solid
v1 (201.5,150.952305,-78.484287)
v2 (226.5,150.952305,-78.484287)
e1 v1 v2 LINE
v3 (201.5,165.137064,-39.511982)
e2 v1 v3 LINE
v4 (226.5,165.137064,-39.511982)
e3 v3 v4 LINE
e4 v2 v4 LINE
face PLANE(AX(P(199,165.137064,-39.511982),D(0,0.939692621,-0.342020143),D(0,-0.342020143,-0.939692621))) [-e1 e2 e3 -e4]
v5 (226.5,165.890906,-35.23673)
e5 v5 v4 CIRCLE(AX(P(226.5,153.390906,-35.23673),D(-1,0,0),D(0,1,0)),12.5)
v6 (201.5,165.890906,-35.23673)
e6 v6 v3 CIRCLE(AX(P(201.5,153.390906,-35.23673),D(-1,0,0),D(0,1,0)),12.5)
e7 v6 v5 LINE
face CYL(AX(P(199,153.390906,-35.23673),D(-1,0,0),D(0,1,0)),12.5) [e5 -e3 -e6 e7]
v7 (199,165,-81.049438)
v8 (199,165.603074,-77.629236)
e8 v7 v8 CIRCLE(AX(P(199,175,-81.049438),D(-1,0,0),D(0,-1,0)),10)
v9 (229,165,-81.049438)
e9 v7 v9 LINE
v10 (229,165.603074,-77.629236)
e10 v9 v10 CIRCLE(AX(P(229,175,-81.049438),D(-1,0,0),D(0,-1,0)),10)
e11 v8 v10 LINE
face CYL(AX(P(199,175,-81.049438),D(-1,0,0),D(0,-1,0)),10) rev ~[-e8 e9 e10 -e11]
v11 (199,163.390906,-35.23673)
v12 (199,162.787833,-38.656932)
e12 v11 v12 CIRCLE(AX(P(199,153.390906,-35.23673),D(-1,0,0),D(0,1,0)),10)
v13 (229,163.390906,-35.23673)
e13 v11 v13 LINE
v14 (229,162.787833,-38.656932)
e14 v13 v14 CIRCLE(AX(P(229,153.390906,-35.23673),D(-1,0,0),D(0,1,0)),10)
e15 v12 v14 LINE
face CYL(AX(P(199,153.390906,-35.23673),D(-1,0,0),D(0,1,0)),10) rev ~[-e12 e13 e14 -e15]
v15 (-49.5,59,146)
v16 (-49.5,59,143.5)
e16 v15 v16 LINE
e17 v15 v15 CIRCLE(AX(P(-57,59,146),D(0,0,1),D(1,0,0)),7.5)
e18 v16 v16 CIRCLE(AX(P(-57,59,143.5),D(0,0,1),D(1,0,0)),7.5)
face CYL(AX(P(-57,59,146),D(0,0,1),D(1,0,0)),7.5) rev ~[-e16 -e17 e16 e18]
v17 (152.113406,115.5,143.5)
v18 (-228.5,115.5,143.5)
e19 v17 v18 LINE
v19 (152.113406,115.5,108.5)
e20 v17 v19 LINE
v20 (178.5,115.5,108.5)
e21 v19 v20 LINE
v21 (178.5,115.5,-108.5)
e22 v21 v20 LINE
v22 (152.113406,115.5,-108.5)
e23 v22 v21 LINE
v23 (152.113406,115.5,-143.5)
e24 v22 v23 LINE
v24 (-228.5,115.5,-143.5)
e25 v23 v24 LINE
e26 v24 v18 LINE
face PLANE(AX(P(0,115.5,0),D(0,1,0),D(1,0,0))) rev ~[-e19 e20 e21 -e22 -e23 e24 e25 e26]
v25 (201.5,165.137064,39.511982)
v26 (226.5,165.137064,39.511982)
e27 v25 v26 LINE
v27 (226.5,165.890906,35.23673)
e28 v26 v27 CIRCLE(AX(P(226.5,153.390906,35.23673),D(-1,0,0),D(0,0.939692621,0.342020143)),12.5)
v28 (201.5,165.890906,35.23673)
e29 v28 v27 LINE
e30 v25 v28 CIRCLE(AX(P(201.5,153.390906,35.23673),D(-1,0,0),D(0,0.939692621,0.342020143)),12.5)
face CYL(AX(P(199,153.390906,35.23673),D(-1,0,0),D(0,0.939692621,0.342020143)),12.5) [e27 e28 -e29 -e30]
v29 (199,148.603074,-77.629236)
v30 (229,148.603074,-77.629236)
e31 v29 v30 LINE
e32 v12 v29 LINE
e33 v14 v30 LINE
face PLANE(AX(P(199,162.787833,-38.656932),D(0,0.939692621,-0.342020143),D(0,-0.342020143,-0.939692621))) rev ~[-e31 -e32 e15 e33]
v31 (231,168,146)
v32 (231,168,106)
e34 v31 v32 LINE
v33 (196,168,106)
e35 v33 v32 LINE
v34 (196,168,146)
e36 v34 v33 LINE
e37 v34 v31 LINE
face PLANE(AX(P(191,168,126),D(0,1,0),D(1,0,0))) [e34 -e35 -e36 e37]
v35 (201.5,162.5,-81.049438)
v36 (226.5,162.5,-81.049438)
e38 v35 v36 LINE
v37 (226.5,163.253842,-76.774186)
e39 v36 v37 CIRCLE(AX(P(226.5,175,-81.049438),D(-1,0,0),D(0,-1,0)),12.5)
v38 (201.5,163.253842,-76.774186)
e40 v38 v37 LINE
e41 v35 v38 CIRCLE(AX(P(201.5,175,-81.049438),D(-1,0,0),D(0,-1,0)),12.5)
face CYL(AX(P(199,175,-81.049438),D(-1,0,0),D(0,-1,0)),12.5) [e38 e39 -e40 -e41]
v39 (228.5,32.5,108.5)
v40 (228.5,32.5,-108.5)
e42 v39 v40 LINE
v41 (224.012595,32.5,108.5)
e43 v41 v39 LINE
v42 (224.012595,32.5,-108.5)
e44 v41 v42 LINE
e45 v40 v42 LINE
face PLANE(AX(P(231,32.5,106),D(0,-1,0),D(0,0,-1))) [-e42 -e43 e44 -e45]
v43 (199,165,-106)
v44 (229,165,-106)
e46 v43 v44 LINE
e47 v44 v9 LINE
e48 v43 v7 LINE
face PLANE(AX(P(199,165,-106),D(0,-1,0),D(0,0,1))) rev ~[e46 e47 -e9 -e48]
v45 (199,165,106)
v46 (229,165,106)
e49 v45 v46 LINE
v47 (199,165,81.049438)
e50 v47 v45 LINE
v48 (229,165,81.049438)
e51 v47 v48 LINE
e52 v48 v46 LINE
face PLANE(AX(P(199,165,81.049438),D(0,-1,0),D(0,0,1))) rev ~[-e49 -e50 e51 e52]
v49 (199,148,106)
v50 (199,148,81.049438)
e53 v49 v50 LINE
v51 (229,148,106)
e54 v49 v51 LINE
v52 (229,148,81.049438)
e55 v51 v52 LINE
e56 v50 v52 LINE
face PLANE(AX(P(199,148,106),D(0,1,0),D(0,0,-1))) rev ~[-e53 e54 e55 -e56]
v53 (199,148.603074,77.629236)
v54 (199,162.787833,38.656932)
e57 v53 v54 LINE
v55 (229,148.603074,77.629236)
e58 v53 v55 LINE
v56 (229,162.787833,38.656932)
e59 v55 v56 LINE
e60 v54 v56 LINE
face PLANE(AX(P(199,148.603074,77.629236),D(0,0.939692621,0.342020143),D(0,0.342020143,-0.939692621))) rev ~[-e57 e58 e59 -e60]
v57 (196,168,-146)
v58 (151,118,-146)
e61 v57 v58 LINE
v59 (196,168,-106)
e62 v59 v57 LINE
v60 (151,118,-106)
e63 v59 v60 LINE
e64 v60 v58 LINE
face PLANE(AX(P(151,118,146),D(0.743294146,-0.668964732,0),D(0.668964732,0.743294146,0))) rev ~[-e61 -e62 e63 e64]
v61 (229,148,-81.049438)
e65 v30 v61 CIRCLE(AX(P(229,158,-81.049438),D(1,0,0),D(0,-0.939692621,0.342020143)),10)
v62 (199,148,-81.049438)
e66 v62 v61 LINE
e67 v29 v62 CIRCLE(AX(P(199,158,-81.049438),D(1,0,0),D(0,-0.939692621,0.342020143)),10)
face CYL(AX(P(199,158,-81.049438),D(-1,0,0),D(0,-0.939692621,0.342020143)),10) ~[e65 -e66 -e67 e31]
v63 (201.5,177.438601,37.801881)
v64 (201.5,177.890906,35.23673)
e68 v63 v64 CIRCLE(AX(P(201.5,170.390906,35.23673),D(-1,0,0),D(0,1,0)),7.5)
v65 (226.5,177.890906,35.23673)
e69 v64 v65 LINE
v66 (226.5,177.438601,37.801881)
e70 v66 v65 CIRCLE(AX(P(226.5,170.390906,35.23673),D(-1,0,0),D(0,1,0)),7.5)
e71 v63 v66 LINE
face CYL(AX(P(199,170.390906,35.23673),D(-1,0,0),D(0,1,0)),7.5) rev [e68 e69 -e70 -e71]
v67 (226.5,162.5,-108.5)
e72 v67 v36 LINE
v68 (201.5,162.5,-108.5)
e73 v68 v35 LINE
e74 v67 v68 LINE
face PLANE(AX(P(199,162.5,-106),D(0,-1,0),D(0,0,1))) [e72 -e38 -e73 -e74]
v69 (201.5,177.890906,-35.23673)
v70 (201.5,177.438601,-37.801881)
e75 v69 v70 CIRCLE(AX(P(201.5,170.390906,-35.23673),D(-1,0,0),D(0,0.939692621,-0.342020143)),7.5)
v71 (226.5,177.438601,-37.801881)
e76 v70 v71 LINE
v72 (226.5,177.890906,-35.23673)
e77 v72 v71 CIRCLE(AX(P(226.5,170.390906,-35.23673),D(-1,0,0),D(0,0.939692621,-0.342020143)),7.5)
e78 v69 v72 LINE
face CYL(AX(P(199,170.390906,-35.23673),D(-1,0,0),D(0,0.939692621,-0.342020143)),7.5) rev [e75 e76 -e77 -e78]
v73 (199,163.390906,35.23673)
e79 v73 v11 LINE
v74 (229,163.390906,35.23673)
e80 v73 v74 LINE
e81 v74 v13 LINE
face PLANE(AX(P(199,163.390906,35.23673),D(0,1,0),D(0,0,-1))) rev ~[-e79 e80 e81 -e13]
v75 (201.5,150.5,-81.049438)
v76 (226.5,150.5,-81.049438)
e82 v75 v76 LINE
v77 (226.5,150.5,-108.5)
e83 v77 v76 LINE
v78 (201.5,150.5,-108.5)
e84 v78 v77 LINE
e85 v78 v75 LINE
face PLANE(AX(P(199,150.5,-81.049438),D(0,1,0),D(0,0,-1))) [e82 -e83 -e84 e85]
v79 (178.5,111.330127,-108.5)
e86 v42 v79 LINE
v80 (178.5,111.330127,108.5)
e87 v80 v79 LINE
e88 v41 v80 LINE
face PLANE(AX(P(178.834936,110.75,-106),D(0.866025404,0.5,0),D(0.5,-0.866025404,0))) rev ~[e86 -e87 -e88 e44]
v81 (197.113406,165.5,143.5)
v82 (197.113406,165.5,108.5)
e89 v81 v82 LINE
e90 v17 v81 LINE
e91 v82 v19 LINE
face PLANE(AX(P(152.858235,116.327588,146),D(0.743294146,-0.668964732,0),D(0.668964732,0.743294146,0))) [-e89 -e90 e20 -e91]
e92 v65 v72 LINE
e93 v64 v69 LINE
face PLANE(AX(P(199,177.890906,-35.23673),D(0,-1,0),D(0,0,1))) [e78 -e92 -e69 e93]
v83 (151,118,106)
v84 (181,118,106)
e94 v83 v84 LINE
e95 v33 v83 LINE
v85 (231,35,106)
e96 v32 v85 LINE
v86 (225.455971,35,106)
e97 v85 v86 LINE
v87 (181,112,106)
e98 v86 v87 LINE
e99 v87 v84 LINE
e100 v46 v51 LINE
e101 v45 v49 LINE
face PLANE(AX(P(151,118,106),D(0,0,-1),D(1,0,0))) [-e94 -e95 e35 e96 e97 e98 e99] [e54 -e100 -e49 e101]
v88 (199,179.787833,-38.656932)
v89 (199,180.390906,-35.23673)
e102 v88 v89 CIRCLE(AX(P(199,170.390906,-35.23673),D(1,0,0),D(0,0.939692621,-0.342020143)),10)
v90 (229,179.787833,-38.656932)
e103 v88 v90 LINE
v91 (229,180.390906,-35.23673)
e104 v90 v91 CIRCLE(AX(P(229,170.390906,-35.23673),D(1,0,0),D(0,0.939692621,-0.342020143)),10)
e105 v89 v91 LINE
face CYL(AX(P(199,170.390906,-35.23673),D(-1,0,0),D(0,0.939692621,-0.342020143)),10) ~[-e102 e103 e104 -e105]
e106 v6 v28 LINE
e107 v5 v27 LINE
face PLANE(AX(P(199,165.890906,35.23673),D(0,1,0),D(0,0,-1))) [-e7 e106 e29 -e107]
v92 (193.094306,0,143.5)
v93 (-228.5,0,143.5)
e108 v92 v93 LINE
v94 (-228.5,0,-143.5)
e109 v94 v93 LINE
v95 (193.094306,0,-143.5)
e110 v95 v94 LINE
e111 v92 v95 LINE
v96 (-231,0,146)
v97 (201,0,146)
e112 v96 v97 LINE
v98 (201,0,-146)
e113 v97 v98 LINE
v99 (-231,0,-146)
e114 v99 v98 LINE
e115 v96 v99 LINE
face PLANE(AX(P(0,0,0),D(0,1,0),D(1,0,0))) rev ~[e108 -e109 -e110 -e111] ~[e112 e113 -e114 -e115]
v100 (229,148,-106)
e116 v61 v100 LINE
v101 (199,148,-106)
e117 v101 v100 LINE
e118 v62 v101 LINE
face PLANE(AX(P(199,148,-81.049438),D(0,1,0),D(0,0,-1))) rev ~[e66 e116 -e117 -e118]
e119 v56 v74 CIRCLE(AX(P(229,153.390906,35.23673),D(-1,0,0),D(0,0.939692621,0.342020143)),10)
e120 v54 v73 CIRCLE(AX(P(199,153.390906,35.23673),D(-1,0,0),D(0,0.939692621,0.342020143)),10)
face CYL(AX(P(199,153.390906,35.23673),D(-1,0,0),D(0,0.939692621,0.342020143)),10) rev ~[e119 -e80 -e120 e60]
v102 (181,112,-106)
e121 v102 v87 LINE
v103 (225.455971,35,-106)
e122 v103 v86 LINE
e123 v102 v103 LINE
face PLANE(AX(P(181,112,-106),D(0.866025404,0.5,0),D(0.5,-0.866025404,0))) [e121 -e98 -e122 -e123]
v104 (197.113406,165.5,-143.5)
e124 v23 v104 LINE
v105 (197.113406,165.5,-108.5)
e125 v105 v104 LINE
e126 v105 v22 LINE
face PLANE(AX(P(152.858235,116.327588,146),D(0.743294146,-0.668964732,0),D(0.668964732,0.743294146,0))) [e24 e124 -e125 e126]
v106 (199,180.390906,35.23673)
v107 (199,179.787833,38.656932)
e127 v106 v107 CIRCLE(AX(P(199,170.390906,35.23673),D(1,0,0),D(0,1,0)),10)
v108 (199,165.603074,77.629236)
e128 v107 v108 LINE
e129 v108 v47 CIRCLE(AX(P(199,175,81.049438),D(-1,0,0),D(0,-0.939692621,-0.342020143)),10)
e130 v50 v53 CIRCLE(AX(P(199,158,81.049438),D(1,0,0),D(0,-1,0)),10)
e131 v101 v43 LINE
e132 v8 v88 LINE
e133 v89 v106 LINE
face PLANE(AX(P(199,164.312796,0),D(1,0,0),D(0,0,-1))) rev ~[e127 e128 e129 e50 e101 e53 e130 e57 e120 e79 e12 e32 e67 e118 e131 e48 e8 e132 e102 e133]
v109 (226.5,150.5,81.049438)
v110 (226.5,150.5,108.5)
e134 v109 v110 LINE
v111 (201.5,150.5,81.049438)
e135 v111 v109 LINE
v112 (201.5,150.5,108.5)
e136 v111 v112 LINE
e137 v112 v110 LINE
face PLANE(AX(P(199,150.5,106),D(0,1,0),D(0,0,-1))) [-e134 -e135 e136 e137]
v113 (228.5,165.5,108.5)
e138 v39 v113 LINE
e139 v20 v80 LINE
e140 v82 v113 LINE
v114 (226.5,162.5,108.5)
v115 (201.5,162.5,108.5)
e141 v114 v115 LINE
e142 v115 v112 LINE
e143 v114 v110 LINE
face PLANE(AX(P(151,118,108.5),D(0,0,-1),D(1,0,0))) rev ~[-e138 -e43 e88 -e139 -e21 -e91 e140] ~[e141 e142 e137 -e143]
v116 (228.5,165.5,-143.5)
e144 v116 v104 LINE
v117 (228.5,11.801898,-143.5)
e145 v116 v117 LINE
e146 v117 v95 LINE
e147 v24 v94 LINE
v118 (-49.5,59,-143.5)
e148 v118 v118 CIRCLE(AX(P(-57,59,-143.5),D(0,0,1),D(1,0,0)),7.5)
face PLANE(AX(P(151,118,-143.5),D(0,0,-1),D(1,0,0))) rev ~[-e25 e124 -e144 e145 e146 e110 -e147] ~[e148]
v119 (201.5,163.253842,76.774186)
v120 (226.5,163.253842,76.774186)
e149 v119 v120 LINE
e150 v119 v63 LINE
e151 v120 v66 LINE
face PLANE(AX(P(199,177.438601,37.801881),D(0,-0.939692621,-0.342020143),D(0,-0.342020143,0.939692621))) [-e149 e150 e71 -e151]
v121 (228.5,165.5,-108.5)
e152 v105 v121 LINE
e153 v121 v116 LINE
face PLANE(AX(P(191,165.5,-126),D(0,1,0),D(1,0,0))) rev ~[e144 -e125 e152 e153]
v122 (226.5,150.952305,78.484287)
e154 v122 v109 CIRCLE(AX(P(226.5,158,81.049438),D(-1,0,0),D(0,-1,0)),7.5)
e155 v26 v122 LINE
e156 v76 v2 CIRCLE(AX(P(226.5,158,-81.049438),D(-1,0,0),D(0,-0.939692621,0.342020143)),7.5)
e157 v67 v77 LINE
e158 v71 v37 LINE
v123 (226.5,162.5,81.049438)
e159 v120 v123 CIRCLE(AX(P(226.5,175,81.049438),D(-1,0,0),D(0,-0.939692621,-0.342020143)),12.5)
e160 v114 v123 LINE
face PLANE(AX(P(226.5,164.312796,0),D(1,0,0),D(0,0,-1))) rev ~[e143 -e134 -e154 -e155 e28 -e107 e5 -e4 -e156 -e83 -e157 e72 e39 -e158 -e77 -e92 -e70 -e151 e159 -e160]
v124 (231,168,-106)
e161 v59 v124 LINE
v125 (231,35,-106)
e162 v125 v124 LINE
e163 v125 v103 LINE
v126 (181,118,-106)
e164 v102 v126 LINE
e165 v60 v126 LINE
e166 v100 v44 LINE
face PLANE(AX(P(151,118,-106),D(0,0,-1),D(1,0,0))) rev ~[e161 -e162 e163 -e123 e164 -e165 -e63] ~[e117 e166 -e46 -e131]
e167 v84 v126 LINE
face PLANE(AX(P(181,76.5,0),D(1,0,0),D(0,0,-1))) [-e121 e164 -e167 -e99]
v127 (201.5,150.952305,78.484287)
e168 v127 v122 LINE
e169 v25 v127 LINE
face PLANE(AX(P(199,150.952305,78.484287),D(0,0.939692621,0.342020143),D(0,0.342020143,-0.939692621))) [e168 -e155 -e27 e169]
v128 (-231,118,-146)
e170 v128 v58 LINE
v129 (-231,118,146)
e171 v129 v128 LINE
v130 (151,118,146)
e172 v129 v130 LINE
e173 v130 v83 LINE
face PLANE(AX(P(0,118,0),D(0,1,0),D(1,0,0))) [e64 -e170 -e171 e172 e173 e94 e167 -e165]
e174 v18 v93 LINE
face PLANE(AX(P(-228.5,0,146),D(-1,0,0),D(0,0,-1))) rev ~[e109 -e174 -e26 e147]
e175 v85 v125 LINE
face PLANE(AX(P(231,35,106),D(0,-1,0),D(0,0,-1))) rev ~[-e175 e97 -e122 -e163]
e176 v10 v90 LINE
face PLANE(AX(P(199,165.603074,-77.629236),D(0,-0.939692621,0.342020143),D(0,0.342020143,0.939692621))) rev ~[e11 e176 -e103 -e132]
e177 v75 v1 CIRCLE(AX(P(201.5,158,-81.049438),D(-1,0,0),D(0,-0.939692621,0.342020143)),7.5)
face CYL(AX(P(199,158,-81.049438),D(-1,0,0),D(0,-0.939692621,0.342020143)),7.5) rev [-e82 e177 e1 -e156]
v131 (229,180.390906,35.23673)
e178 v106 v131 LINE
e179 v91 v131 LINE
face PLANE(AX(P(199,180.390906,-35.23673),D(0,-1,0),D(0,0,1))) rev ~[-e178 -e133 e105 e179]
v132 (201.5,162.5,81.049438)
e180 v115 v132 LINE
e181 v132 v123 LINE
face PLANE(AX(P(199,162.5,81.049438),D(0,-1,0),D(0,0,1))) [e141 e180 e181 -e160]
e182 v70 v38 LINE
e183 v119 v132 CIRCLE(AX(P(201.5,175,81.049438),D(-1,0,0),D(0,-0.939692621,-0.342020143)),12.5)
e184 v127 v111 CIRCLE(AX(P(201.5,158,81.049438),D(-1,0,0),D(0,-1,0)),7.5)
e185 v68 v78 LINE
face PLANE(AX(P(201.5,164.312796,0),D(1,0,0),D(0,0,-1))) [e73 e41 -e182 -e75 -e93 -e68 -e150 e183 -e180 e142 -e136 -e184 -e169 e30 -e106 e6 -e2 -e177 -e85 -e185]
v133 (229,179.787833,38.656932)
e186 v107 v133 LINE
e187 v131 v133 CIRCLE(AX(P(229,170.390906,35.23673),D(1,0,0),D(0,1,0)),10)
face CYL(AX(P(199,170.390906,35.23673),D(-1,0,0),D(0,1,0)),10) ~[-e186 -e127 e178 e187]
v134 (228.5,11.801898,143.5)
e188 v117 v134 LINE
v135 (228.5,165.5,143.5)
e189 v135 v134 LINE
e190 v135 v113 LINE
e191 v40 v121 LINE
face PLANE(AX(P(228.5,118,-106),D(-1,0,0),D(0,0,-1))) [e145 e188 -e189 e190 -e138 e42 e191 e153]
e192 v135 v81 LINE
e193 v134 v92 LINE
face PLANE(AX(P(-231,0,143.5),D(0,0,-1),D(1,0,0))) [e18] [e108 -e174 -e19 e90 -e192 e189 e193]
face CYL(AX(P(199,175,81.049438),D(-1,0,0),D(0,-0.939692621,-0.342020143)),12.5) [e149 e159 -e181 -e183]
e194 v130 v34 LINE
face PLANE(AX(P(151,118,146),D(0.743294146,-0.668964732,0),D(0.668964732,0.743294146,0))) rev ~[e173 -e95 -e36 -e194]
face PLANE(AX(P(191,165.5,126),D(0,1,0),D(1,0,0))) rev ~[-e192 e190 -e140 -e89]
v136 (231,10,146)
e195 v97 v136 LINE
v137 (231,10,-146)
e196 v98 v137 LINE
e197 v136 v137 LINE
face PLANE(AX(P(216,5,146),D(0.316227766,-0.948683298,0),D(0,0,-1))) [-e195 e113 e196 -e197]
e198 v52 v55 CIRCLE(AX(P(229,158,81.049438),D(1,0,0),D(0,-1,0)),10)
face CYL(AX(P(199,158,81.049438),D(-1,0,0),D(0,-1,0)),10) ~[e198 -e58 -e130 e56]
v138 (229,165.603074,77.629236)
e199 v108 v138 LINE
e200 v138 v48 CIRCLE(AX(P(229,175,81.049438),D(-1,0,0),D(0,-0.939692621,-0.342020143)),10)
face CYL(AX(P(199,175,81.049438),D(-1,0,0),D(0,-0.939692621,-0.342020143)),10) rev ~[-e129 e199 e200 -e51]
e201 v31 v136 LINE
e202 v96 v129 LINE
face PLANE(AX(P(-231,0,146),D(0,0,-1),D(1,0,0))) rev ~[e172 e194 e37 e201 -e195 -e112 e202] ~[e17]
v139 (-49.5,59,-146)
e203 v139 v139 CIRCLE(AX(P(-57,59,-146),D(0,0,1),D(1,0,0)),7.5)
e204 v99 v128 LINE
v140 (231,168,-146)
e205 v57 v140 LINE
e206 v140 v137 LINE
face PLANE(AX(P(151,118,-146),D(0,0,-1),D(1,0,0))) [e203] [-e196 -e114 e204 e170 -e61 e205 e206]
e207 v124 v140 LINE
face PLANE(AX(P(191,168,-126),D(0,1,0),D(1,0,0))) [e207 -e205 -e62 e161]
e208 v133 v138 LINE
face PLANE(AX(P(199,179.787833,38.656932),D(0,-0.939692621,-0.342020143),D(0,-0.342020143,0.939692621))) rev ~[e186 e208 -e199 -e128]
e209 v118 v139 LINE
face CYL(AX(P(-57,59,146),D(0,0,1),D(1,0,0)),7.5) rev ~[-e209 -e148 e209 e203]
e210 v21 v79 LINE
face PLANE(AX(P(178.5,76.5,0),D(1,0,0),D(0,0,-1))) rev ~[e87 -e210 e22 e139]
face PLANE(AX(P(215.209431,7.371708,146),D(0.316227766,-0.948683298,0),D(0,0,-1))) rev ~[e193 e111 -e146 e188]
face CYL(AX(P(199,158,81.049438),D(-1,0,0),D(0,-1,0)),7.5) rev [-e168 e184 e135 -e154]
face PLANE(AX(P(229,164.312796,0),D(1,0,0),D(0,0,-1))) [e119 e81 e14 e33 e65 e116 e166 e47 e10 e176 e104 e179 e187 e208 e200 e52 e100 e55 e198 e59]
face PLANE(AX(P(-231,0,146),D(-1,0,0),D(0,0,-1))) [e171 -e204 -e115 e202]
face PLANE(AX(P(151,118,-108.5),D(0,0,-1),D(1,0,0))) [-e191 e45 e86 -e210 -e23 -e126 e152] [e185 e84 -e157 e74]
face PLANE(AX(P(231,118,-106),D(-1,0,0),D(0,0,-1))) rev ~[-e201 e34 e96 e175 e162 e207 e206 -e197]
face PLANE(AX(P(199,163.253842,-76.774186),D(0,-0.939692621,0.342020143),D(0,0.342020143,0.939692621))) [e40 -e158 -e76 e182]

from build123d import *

# Parameters (mm, degrees)
SKETCH1_W           = 462
SKETCH1_H           = 292
BOSS_EXTRUDE1_DEPTH = 118
CHAMFER1_SIZE       = 30
CHAMFER1_SIZE2      = 10
SKETCH2_W           = 80
SKETCH2_H           = 40
BOSS_EXTRUDE2_DEPTH = 50
CUT_EXTRUDE1_DEPTH  = 293
SKETCH5_W           = 212
SKETCH5_H           = 83
CUT_EXTRUDE3_DEPTH  = 50
BOSS_EXTRUDE3_DEPTH = 30
BOSS_EXTRUDE5_REACH = 254
SHELL1_T            = -2.5
SKETCH9_R           = 7.5
CUT_EXTRUDE4_DEPTH  = 293


with BuildPart() as part:
    # Sketch1 → Boss-Extrude1 (new body)
    with BuildSketch(Plane(origin=(0, 0, 0), x_dir=(1, 0, 0), z_dir=(0, 1, 0))):
        Rectangle(SKETCH1_W, SKETCH1_H)
    extrude(amount=BOSS_EXTRUDE1_DEPTH)

    # Chamfer1
    chamfer1_edges = [part.edges().sort_by_distance(p)[0] for p in [
        (231, 0, 0),
    ]]
    chamfer1_side = [part.faces().sort_by_distance(p)[0] for p in [
        (0, 0, 0),
    ]]
    chamfer(chamfer1_edges, length=CHAMFER1_SIZE, length2=CHAMFER1_SIZE2, reference=chamfer1_side[0])

    # Sketch2 → Boss-Extrude2 (add)
    with BuildSketch(Plane(origin=(0, 118, 0), x_dir=(1, 0, 0), z_dir=(0, 1, 0))):
        with Locations((191, 126)):
            Rectangle(SKETCH2_W, SKETCH2_H)
        with Locations((191, -126)):
            Rectangle(SKETCH2_W, SKETCH2_H)
    extrude(amount=BOSS_EXTRUDE2_DEPTH)

    # Sketch3 → Cut-Extrude1 (cut, through all)
    with BuildSketch(Plane.XY.offset(146)):
        Polygon((151, 118), (196, 168), (151, 168), align=None)
    extrude(amount=-CUT_EXTRUDE1_DEPTH, mode=Mode.SUBTRACT)

    # Sketch5 → Cut-Extrude3 (cut)
    with BuildSketch(Plane(origin=(231, 0, 0), x_dir=(0, 0, -1), z_dir=(1, 0, 0))):
        with Locations((0, 76.5)):
            Rectangle(SKETCH5_W, SKETCH5_H)
    extrude(amount=-CUT_EXTRUDE3_DEPTH, mode=Mode.SUBTRACT)

    # Sketch6 → Boss-Extrude3 (add)
    with BuildSketch(Plane(origin=(199, 0, 0), x_dir=(0, 0, -1), z_dir=(1, 0, 0))):
        with BuildLine():
            Line((106, 165), (81.049437742, 165))
            ThreePointArc((81.049437742, 165), (79.312955966, 165.15192247), (77.629236309, 165.603073792))
            Line((77.629236309, 165.603073792), (38.656931626, 179.787832658))
            ThreePointArc((38.656931626, 179.787832658), (36.97321197, 180.23898398), (35.236730193, 180.39090645))
            Line((35.236730193, 180.39090645), (-35.236730193, 180.39090645))
            ThreePointArc((-35.236730193, 180.39090645), (-36.97321197, 180.23898398), (-38.656931626, 179.787832658))
            Line((-38.656931626, 179.787832658), (-77.629236309, 165.603073792))
            ThreePointArc((-77.629236309, 165.603073792), (-79.312955966, 165.15192247), (-81.049437742, 165))
            Line((-81.049437742, 165), (-106, 165))
            Line((-106, 165), (-106, 148))
            Line((-106, 148), (-81.049437742, 148))
            ThreePointArc((-81.049437742, 148), (-79.312955966, 148.15192247), (-77.629236309, 148.603073792))
            Line((-77.629236309, 148.603073792), (-38.656931626, 162.787832658))
            ThreePointArc((-38.656931626, 162.787832658), (-36.97321197, 163.23898398), (-35.236730193, 163.39090645))
            Line((-35.236730193, 163.39090645), (35.236730193, 163.39090645))
            ThreePointArc((35.236730193, 163.39090645), (36.97321197, 163.23898398), (38.656931626, 162.787832658))
            Line((38.656931626, 162.787832658), (77.629236309, 148.603073792))
            ThreePointArc((77.629236309, 148.603073792), (79.312955966, 148.15192247), (81.049437742, 148))
            Line((81.049437742, 148), (106, 148))
            Line((106, 148), (106, 165))
        make_face()
    extrude(amount=BOSS_EXTRUDE3_DEPTH)

    # Sketch8 → Boss-Extrude5 (add, up to next)
    with BuildSketch(Plane.XY.offset(-106), mode=Mode.PRIVATE) as boss_extrude5_sk1:
        Polygon((181, 112), (225.455970728, 35), (181, 35), align=None)
    boss_extrude5_tool1 = extrude(boss_extrude5_sk1.sketch, amount=BOSS_EXTRUDE5_REACH, mode=Mode.PRIVATE) - part.part
    add(boss_extrude5_tool1.solids().sort_by_distance((195.818657, 60.666667, -106))[0])

    # Shell1
    shell1_openings = [part.faces().sort_by_distance(p)[0] for p in [
        (-15, 0, 0),
    ]]
    offset(amount=SHELL1_T, openings=shell1_openings, kind=Kind.INTERSECTION)

    # Sketch9 → Cut-Extrude4 (cut, through all)
    with BuildSketch(Plane.XY.offset(146)):
        with Locations((-57, 59)):
            Circle(SKETCH9_R)
    extrude(amount=-CUT_EXTRUDE4_DEPTH, mode=Mode.SUBTRACT)


solid = part.part
